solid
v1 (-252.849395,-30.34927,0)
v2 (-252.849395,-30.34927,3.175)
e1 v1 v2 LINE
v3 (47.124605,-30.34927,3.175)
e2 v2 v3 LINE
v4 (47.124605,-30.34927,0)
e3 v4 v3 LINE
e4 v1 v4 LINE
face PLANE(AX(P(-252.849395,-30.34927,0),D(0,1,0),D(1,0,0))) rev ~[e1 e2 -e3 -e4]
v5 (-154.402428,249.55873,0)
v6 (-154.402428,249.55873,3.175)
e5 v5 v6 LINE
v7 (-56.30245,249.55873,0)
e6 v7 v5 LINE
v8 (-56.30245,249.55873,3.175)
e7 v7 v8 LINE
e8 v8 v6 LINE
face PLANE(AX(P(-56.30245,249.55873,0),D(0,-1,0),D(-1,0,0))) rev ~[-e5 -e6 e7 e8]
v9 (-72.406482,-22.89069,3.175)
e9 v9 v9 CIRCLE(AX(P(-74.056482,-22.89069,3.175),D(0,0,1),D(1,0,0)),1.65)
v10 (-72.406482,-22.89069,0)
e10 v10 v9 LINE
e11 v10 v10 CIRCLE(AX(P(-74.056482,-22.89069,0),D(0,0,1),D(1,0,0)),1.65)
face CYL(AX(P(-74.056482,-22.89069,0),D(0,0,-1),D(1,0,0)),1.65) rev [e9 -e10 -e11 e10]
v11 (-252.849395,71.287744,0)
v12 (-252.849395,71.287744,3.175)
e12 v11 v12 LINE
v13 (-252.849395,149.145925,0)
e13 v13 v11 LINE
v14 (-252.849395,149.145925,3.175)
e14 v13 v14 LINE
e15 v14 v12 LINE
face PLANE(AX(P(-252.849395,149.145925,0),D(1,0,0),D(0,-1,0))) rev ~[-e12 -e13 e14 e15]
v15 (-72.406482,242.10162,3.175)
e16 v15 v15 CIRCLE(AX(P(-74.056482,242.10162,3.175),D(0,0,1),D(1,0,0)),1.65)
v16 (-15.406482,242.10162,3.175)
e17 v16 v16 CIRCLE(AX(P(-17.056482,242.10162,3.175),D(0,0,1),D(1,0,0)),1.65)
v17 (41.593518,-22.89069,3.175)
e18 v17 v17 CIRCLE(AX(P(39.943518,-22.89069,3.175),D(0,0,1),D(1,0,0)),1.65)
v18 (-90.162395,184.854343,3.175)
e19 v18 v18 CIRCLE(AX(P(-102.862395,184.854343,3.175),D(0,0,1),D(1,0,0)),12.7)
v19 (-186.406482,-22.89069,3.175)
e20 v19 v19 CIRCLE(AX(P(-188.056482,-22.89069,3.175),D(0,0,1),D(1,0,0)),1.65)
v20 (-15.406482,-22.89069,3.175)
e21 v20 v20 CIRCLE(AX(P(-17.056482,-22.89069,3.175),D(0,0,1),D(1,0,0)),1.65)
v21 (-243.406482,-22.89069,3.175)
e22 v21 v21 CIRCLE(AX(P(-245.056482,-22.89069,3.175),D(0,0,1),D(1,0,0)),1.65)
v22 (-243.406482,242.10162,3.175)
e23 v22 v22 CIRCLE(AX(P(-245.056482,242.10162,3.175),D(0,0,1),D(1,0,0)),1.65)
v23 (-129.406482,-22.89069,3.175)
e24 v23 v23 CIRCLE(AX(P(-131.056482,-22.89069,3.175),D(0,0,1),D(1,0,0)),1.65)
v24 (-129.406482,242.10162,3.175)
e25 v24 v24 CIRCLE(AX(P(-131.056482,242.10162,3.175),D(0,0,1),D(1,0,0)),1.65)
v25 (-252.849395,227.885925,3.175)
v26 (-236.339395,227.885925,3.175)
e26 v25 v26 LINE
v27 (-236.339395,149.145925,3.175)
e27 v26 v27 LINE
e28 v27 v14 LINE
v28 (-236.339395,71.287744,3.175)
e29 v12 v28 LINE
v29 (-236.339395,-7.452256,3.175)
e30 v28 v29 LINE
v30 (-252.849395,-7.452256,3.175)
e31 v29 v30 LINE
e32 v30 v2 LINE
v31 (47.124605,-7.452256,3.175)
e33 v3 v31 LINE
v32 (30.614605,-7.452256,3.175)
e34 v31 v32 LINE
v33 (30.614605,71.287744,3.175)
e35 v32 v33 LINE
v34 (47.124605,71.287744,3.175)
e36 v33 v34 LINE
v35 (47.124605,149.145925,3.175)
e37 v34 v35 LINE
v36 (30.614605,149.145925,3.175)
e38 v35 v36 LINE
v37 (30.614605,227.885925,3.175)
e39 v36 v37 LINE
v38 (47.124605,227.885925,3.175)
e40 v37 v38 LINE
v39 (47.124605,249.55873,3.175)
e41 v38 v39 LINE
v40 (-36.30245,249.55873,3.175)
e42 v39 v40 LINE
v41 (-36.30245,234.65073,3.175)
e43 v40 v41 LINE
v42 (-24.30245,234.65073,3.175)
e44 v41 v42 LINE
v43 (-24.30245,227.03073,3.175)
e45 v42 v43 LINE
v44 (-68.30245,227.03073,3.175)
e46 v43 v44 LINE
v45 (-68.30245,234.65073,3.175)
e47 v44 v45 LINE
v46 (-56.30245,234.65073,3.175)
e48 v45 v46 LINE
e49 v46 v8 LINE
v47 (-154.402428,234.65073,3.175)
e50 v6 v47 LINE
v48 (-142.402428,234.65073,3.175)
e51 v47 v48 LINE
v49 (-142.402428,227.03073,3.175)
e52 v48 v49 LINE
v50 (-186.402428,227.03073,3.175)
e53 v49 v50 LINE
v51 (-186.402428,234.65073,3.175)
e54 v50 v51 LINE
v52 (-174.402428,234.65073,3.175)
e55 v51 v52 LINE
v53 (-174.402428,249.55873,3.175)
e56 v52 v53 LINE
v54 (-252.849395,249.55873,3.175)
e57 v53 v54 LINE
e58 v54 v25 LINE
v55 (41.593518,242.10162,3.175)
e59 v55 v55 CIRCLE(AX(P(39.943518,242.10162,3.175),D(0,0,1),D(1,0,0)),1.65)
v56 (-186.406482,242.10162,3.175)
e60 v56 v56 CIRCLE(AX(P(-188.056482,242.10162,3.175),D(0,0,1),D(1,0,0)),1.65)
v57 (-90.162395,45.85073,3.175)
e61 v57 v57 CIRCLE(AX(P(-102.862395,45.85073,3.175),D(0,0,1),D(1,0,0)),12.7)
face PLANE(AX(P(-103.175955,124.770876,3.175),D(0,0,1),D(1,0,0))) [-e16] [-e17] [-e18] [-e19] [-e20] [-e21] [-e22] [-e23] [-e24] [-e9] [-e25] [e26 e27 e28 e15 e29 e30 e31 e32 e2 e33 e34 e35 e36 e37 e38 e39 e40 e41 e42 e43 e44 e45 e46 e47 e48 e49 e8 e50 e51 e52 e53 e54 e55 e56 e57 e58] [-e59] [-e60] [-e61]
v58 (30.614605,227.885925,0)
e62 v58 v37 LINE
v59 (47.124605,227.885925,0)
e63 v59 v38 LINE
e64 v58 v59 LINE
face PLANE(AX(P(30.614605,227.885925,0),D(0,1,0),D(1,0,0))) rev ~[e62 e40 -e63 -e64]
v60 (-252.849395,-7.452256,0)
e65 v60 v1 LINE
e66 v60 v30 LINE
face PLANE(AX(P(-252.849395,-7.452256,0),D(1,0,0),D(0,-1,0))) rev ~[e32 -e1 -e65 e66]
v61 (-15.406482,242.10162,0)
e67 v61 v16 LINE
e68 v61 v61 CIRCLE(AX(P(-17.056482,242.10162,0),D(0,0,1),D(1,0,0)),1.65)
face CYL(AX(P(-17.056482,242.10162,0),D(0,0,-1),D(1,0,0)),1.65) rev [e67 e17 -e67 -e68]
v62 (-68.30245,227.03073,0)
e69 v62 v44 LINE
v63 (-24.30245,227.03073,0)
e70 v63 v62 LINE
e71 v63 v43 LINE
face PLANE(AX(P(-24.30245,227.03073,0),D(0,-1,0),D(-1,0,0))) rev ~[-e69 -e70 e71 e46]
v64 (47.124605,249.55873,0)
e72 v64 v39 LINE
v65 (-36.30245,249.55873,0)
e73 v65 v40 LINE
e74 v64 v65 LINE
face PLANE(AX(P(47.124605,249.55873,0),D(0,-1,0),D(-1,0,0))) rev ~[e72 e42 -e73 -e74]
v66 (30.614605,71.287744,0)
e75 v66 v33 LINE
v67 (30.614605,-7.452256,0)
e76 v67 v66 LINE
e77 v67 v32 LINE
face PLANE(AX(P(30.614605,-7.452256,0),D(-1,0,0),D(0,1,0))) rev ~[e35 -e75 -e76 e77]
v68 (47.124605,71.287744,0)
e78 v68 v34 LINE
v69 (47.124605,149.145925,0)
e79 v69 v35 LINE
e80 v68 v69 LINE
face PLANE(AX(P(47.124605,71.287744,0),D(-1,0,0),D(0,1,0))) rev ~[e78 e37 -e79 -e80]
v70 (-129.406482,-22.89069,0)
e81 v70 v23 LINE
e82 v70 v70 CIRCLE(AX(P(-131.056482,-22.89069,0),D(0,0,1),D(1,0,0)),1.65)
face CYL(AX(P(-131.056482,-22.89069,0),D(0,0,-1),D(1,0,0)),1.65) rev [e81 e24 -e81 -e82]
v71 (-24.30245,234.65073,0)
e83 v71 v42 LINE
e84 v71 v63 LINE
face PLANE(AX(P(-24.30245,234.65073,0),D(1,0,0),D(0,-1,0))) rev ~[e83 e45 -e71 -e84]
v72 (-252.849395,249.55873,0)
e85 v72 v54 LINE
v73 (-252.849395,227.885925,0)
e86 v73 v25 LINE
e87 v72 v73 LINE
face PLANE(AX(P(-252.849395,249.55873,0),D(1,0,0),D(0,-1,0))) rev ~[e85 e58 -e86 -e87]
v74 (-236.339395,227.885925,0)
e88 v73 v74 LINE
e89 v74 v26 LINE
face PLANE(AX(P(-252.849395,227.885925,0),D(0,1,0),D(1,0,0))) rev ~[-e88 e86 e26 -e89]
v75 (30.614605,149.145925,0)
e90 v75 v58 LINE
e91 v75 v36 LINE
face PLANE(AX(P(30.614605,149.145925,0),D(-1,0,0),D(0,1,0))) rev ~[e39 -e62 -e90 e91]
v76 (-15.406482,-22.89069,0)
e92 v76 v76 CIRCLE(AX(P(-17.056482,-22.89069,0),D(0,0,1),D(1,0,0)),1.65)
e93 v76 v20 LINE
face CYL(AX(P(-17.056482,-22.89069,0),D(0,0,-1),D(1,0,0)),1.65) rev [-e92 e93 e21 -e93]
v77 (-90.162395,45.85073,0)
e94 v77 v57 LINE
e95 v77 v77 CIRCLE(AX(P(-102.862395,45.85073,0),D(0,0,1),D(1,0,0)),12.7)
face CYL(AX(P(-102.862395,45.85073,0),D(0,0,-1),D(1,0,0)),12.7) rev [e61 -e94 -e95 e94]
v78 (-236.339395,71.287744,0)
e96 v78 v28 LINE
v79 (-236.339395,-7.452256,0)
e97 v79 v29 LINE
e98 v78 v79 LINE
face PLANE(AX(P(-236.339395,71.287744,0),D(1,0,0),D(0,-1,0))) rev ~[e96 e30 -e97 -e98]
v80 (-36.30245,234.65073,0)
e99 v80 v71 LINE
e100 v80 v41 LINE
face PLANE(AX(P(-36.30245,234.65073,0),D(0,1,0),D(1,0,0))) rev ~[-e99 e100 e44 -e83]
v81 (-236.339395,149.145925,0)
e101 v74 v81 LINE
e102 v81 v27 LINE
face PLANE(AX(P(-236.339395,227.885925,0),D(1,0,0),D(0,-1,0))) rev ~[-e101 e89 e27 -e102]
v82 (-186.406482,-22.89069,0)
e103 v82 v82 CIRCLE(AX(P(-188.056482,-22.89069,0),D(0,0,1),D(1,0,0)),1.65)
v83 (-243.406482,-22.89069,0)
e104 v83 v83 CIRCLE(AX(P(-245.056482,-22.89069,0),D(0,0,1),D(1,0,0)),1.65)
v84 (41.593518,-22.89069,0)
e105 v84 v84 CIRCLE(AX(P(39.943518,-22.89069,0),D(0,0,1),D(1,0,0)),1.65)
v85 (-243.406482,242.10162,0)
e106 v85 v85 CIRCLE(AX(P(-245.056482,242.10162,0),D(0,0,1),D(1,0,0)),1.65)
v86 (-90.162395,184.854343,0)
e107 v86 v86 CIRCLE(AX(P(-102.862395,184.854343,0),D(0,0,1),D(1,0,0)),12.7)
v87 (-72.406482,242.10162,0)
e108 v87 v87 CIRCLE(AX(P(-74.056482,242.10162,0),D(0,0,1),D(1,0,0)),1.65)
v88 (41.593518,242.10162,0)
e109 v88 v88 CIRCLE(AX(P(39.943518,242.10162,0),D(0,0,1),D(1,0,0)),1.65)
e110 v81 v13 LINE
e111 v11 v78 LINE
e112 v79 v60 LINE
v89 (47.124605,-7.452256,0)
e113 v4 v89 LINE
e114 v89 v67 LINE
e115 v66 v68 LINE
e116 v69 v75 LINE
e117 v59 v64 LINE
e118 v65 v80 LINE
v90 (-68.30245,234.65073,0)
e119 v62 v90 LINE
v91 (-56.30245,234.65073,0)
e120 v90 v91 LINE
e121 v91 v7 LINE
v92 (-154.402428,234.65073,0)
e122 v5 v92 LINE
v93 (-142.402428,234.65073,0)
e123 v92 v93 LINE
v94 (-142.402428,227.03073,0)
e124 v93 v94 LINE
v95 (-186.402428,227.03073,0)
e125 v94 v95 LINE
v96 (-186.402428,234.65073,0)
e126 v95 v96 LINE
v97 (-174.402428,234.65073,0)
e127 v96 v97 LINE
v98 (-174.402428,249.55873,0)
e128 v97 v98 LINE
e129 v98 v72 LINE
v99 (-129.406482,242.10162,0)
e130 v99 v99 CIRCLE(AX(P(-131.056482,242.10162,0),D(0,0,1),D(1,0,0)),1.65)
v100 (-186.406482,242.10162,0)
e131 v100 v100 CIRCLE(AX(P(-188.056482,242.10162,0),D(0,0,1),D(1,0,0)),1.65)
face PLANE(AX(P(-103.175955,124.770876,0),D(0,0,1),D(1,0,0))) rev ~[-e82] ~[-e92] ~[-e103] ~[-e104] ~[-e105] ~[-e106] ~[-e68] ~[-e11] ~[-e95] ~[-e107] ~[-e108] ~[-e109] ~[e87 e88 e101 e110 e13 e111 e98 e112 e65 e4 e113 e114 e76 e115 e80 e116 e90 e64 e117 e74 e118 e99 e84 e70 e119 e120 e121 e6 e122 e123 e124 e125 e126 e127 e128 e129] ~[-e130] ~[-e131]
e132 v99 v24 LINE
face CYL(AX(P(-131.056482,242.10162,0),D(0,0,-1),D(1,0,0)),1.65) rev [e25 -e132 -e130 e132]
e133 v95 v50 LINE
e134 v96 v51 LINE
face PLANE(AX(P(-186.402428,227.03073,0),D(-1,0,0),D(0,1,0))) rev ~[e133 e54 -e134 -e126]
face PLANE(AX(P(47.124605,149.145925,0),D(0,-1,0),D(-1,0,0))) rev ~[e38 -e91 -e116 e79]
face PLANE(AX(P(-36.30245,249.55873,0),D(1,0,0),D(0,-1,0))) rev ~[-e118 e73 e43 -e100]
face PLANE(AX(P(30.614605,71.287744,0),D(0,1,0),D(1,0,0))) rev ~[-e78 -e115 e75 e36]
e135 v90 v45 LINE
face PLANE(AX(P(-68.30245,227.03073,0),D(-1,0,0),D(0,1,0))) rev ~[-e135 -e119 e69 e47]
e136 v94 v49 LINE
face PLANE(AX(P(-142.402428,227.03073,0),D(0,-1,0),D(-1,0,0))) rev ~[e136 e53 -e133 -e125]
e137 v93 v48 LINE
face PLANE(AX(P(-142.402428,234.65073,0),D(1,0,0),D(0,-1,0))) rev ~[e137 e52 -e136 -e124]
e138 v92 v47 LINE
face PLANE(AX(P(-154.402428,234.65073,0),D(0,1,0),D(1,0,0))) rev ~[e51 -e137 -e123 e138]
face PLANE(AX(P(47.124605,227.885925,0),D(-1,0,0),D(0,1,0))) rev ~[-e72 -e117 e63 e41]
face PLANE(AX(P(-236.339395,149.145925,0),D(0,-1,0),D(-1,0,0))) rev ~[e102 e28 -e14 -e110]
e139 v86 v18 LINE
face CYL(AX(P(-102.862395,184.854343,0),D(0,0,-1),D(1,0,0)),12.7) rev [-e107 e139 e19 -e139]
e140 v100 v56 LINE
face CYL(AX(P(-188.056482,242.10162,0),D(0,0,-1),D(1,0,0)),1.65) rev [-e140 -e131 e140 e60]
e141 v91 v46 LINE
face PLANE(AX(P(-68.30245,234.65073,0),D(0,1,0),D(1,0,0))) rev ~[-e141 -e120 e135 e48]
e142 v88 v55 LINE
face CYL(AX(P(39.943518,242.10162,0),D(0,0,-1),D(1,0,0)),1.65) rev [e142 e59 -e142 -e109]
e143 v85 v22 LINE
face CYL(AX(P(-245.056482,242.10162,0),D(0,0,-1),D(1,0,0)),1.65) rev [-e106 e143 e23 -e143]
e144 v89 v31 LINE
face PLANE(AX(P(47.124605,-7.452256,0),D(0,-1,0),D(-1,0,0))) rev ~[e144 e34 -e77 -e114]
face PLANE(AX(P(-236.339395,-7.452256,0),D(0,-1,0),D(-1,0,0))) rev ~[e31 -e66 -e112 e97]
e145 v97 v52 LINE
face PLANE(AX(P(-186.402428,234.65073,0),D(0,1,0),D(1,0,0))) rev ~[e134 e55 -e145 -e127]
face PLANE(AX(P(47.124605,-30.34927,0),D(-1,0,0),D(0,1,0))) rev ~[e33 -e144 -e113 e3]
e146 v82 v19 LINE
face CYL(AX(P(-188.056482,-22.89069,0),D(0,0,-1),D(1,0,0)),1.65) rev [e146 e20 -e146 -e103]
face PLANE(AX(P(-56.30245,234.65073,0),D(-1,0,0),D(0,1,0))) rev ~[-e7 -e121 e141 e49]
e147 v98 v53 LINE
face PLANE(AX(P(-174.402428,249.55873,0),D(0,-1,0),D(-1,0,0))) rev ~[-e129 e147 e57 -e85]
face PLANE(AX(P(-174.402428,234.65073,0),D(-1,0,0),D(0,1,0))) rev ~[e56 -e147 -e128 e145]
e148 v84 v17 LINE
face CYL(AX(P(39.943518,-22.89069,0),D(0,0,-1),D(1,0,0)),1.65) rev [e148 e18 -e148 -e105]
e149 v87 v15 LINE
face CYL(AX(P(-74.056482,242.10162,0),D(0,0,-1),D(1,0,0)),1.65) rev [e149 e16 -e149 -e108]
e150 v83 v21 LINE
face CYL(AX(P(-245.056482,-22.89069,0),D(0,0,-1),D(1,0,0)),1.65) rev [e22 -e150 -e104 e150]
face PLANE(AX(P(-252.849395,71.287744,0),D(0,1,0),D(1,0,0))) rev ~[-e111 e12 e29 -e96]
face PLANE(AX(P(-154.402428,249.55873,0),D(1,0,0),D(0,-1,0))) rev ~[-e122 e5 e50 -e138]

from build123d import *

# Parameters (mm, degrees)
SKETCH5_R           = 1.65
SKETCH5_R_2         = 12.7
BOSS_EXTRUDE1_DEPTH = 3.175


with BuildPart() as part:
    # Sketch5 → Boss-Extrude1 (new body)
    with BuildSketch(Plane.XY):
        Polygon((47.124604737, -7.452255775), (30.614604737, -7.452255775), (30.614604737, 71.287744225), (47.124604737, 71.287744225), (47.124604737, 149.14592508), (30.614604737, 149.14592508), (30.614604737, 227.88592508), (47.124604737, 227.88592508), (47.124604737, 249.558730102), (-36.302449898, 249.558730102), (-36.302449898, 234.650730102), (-24.302449898, 234.650730102), (-24.302449898, 227.030730102), (-36.302449898, 227.030730102), (-56.302449898, 227.030730102), (-68.302449898, 227.030730102), (-68.302449898, 234.650730102), (-56.302449898, 234.650730102), (-56.302449898, 249.558730102), (-154.402428268, 249.558730102), (-154.402428268, 234.650730102), (-142.402428268, 234.650730102), (-142.402428268, 227.030730102), (-154.402428268, 227.030730102), (-174.402428268, 227.030730102), (-186.402428268, 227.030730102), (-186.402428268, 234.650730102), (-174.402428268, 234.650730102), (-174.402428268, 249.558730102), (-252.849395263, 249.558730102), (-252.849395263, 227.88592508), (-236.339395263, 227.88592508), (-236.339395263, 149.14592508), (-252.849395263, 149.14592508), (-252.849395263, 71.287744225), (-236.339395263, 71.287744225), (-236.339395263, -7.452255775), (-252.849395263, -7.452255775), (-252.849395263, -30.349269898), (47.124604737, -30.349269898), align=None)
        with Locations((39.94351791, -22.890690042)):
            Circle(SKETCH5_R, mode=Mode.SUBTRACT)
        with Locations((-17.05648209, -22.890690042)):
            Circle(SKETCH5_R, mode=Mode.SUBTRACT)
        with Locations((-74.05648209, -22.890690042)):
            Circle(SKETCH5_R, mode=Mode.SUBTRACT)
        with Locations((-131.05648209, -22.890690042)):
            Circle(SKETCH5_R, mode=Mode.SUBTRACT)
        with Locations((-188.05648209, -22.890690042)):
            Circle(SKETCH5_R, mode=Mode.SUBTRACT)
        with Locations((-245.05648209, -22.890690042)):
            Circle(SKETCH5_R, mode=Mode.SUBTRACT)
        with Locations((39.94351791, 242.101620414)):
            Circle(SKETCH5_R, mode=Mode.SUBTRACT)
        with Locations((-17.05648209, 242.101620414)):
            Circle(SKETCH5_R, mode=Mode.SUBTRACT)
        with Locations((-74.05648209, 242.101620414)):
            Circle(SKETCH5_R, mode=Mode.SUBTRACT)
        with Locations((-131.05648209, 242.101620414)):
            Circle(SKETCH5_R, mode=Mode.SUBTRACT)
        with Locations((-188.05648209, 242.101620414)):
            Circle(SKETCH5_R, mode=Mode.SUBTRACT)
        with Locations((-245.05648209, 242.101620414)):
            Circle(SKETCH5_R, mode=Mode.SUBTRACT)
        with Locations((-102.862395263, 184.854342805)):
            Circle(SKETCH5_R_2, mode=Mode.SUBTRACT)
        with Locations((-102.862395263, 45.850730102)):
            Circle(SKETCH5_R_2, mode=Mode.SUBTRACT)
    extrude(amount=BOSS_EXTRUDE1_DEPTH)


solid = part.part
